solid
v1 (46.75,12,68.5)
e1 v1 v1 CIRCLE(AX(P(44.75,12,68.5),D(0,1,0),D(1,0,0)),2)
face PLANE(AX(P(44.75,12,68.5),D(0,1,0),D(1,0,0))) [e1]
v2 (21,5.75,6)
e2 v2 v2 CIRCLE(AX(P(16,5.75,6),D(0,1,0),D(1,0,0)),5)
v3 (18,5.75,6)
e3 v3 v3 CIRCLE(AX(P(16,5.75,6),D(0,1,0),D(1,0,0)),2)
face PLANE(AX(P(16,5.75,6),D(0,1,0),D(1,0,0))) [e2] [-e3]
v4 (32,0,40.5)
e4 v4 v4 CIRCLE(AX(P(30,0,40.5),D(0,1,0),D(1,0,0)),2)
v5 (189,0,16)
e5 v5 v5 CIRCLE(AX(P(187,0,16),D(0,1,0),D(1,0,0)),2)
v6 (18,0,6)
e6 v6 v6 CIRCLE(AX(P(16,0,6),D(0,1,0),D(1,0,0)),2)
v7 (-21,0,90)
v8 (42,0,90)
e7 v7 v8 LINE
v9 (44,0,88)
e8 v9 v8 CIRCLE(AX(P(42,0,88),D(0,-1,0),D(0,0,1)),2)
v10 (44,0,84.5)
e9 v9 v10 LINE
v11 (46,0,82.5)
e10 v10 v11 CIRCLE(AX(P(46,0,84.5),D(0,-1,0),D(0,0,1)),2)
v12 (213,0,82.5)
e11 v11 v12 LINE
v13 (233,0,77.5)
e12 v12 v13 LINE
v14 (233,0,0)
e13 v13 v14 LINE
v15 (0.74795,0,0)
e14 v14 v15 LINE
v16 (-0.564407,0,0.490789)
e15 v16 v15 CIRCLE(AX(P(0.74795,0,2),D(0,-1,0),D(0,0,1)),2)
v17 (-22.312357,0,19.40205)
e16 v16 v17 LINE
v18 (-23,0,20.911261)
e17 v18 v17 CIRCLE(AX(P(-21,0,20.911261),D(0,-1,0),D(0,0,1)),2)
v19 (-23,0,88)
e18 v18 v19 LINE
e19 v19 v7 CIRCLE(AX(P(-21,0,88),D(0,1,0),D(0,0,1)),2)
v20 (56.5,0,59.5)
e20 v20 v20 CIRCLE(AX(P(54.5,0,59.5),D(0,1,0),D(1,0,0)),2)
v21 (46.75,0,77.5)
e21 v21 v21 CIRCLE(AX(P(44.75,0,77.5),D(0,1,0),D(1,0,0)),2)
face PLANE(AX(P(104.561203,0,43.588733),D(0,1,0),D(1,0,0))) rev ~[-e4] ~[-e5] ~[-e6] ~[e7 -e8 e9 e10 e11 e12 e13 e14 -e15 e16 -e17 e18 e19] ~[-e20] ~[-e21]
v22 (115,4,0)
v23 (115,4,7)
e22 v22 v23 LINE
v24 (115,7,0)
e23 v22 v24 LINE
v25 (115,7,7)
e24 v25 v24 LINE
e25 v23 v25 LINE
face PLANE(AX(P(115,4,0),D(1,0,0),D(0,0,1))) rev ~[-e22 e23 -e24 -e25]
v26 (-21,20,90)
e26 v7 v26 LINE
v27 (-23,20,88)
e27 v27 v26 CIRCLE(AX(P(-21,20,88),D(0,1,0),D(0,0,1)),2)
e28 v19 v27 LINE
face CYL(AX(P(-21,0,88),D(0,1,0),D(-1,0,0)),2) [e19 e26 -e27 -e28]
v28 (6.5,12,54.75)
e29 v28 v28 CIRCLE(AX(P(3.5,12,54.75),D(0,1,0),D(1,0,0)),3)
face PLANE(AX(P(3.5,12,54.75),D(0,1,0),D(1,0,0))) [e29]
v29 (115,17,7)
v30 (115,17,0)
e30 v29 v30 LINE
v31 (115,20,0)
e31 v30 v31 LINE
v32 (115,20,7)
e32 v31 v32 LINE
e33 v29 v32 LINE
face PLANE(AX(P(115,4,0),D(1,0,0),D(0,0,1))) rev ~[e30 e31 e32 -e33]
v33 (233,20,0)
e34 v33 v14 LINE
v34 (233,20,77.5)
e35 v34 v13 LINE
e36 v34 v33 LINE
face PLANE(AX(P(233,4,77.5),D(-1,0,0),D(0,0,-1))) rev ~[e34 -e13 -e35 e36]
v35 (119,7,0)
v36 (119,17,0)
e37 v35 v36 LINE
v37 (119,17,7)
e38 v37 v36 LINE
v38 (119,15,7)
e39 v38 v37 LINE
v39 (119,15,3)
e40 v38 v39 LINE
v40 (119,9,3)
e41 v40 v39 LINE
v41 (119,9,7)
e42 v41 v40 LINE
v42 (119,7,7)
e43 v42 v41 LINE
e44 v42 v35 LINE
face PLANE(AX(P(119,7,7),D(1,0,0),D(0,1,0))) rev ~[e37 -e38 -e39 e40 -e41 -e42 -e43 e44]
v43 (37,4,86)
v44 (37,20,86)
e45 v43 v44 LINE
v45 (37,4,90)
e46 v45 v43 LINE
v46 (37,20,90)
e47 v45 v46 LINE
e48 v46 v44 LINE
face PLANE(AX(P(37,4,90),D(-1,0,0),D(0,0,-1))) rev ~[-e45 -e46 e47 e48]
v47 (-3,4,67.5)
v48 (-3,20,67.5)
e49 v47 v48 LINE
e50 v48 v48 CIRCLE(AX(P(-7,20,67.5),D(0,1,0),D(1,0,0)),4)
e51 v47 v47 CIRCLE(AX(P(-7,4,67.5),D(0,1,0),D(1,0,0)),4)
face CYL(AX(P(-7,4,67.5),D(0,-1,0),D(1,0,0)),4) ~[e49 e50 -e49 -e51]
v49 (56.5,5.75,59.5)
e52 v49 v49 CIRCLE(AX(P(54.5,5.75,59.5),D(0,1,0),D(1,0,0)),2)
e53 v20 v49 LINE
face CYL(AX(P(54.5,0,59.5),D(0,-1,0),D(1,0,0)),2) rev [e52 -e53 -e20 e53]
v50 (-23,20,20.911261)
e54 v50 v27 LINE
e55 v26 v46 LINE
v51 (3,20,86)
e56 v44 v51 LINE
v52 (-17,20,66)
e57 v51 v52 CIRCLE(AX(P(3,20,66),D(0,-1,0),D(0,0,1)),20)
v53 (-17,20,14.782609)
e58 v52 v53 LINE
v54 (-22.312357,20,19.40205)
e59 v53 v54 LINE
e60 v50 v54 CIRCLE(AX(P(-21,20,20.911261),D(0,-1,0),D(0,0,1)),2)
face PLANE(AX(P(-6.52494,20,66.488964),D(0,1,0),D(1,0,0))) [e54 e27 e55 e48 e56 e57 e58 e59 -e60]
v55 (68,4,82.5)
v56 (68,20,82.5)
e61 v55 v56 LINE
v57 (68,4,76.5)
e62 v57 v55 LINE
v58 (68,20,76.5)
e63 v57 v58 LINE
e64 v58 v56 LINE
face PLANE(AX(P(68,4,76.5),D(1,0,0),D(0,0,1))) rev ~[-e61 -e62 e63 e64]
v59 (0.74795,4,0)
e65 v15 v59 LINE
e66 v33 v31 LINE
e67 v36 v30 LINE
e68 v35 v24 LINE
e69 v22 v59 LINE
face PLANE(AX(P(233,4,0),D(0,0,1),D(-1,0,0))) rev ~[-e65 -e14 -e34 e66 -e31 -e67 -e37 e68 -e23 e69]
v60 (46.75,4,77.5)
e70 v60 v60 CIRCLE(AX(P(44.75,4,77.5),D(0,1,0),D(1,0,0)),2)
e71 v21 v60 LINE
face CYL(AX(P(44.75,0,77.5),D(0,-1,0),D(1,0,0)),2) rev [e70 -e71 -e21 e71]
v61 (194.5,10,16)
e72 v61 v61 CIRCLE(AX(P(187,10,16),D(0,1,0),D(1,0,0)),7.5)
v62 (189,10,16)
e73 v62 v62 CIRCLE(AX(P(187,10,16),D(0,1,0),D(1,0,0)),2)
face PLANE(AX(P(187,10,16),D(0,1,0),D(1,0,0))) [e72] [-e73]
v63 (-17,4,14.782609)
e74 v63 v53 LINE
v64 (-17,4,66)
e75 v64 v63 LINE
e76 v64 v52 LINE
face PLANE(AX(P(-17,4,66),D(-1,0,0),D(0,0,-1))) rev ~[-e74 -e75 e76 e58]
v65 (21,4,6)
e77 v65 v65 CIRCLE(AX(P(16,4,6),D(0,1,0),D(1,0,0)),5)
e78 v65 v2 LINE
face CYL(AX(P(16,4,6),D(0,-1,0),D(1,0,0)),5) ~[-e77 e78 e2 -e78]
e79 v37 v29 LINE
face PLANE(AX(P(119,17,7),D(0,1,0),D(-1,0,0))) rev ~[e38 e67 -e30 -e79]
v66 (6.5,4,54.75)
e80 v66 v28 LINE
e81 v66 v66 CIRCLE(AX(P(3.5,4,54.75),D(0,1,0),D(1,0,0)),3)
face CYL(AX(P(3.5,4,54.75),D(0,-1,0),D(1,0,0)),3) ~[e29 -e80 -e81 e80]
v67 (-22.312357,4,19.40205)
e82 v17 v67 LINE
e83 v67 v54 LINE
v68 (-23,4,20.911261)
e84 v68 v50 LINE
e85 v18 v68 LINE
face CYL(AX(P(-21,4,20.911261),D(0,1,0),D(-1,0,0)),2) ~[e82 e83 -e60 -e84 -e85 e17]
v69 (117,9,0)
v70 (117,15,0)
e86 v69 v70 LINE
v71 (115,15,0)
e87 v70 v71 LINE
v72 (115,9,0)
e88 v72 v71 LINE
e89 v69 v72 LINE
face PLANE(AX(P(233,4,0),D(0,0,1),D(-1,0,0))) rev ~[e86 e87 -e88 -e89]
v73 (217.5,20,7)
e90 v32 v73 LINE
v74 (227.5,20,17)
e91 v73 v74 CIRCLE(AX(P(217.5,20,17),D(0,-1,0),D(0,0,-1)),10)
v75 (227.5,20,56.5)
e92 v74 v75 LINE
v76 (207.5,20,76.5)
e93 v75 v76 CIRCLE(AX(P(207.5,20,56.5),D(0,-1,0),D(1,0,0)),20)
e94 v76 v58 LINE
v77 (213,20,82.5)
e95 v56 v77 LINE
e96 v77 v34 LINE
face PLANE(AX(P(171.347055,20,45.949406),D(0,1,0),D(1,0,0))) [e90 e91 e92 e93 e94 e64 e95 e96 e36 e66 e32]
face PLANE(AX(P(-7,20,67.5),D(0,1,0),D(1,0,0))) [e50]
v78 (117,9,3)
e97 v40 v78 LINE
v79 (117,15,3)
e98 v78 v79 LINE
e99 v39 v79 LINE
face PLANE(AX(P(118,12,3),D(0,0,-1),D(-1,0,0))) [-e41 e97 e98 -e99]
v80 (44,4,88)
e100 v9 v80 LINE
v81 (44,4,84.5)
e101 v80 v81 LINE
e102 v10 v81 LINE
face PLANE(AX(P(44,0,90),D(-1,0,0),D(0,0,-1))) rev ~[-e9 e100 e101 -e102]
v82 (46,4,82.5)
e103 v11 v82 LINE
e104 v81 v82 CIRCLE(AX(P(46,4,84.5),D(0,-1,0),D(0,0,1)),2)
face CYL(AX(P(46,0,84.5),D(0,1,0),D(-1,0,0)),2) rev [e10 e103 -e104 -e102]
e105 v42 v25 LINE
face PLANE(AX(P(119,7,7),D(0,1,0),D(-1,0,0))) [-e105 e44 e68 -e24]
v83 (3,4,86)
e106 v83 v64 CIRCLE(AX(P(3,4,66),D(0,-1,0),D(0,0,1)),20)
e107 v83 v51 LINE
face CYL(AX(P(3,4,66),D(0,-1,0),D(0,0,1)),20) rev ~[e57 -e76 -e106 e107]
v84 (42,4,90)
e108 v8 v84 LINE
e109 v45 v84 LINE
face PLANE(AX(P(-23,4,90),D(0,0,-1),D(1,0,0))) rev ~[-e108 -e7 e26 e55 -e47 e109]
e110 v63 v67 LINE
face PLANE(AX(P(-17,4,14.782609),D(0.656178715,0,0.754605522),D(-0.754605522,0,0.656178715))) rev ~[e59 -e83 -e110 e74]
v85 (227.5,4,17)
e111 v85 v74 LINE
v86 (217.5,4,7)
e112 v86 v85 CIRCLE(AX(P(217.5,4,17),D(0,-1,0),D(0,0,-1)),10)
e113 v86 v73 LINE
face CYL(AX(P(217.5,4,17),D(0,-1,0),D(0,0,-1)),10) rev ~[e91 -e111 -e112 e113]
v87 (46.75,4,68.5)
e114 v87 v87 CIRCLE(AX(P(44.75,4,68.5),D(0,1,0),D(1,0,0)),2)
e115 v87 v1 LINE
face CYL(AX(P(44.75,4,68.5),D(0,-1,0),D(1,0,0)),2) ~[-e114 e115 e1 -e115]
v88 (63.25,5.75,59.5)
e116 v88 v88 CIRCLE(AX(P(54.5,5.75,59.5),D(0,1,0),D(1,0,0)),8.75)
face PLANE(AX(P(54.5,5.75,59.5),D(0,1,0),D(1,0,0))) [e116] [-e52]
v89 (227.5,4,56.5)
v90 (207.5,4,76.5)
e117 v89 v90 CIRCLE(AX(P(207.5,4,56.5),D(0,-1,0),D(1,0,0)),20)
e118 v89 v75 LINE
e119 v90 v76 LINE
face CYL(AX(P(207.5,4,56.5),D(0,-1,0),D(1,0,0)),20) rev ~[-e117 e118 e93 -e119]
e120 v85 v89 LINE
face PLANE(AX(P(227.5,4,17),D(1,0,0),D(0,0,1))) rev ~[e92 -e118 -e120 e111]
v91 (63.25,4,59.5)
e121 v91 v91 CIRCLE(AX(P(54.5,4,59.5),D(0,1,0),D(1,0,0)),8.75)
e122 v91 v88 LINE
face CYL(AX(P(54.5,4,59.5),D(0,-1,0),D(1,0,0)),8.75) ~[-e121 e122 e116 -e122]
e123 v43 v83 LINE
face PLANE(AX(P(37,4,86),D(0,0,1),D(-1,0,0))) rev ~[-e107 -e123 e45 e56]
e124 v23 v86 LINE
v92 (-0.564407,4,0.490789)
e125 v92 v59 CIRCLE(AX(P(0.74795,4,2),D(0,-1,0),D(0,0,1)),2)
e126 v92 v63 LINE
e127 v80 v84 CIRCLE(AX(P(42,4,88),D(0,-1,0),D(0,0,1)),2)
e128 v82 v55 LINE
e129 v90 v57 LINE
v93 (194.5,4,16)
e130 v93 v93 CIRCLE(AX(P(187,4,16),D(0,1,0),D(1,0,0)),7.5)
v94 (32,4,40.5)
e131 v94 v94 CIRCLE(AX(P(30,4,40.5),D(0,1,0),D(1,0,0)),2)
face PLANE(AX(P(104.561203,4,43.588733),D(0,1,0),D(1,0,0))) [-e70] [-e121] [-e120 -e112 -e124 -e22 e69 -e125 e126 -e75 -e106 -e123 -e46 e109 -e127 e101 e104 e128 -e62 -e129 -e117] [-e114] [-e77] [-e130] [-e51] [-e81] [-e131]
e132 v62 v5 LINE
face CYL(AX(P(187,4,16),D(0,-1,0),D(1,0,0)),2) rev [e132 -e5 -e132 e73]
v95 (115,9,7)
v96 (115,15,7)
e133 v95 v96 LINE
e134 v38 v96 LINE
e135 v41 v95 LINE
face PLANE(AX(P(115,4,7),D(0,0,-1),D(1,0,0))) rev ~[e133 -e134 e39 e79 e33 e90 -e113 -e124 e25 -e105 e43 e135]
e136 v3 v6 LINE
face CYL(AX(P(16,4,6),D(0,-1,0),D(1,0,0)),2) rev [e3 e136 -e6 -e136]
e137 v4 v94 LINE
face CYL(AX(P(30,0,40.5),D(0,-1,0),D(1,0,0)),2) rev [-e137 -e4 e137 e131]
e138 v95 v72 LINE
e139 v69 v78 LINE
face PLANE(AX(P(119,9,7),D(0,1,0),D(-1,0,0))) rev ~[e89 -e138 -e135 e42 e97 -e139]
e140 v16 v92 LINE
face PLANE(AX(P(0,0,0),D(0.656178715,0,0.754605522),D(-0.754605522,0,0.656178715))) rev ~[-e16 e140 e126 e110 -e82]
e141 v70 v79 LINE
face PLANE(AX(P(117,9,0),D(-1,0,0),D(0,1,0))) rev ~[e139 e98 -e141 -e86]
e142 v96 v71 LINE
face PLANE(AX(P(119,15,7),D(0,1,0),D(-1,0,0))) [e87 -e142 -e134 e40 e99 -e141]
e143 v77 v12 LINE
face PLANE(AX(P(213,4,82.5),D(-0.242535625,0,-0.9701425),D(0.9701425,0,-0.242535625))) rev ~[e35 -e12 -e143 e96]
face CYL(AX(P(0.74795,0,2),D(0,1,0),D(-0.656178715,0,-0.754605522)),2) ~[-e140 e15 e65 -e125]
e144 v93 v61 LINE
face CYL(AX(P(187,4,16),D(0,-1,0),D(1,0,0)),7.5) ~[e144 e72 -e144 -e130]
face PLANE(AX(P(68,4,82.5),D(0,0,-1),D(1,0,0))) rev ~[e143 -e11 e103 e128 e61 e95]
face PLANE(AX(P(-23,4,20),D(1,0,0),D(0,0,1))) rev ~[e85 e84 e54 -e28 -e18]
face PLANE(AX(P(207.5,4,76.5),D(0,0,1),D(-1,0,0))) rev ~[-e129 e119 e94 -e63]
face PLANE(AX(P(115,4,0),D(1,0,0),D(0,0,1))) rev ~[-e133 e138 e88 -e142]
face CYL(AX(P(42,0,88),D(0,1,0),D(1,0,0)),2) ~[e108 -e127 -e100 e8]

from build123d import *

# Parameters (mm, degrees)
SKETCH1_R               = 2
PRIMARY_DEPTH           = 4
SKETCH3_R               = 3
SKETCH3_R_2             = 2
STOP_EXT_DEPTH          = 8
FRONT_EXT_DEPTH         = 16
CUT_EXTRUDE1_START      = -7
SKETCH5_W               = 4
SKETCH5_H               = 2
CUT_EXTRUDE1_DEPTH      = 8
SKETCH6_W               = 2
SKETCH6_H               = 6
CUT_EXTRUDE2_DEPTH      = 3
SKETCH7_R               = 7.5
SKETCH7_R_2             = 2
SWINGYBIT_PIN_EXT_DEPTH = 6
SKETCH8_R               = 5
SKETCH8_R_2             = 2
SKETCH8_R_3             = 8.75
WHEEL_PIN_EXT_DEPTH     = 1.75
BOTTOM_EXT_DEPTH        = 16
FILLET1_R               = 2
SKETCH10_R              = 4
POST_EXT_DEPTH          = 16


with BuildPart() as part:
    # Sketch1 → Primary (new body)
    with BuildSketch(Plane(origin=(0, 0, 0), x_dir=(1, 0, 0), z_dir=(0, 1, 0))):
        Polygon((0, 0), (-23, -20), (-23, -90), (44, -90), (44, -82.5), (213, -82.5), (233, -77.5), (233, 0), align=None)
        with Locations((16, -6)):
            Circle(SKETCH1_R, mode=Mode.SUBTRACT)
        with Locations((30, -40.5)):
            Circle(SKETCH1_R, mode=Mode.SUBTRACT)
        with Locations((54.5, -59.5)):
            Circle(SKETCH1_R, mode=Mode.SUBTRACT)
        with Locations((44.75, -77.5)):
            Circle(SKETCH1_R, mode=Mode.SUBTRACT)
        with Locations((187, -16)):
            Circle(SKETCH1_R, mode=Mode.SUBTRACT)
    extrude(amount=PRIMARY_DEPTH)

    # Sketch3 → Stop Ext (add)
    with BuildSketch(Plane(origin=(0, 4, 0), x_dir=(1, 0, 0), z_dir=(0, 1, 0))):
        with Locations((3.5, -54.75)):
            Circle(SKETCH3_R)
        with Locations((44.75, -68.5)):
            Circle(SKETCH3_R_2)
    extrude(amount=STOP_EXT_DEPTH)

    # Sketch4 → Front Ext (add)
    with BuildSketch(Plane(origin=(0, 4, 0), x_dir=(1, 0, 0), z_dir=(0, 1, 0))):
        with BuildLine():
            Line((233, 0), (115, 0))
            Line((115, 0), (115, -7))
            Line((115, -7), (217.5, -7))
            ThreePointArc((217.5, -7), (224.571067812, -9.928932188), (227.5, -17))
            Line((227.5, -17), (227.5, -56.5))
            ThreePointArc((227.5, -56.5), (221.642135624, -70.642135624), (207.5, -76.5))
            Line((207.5, -76.5), (68, -76.5))
            Line((68, -76.5), (68, -82.5))
            Line((68, -82.5), (213, -82.5))
            Line((213, -82.5), (233, -77.5))
            Line((233, -77.5), (233, 0))
        make_face()
    extrude(amount=FRONT_EXT_DEPTH)

    # Sketch5 → Cut-Extrude1 (cut, through all)
    with BuildSketch(Plane(origin=(0, 0, 0), x_dir=(-1, 0, 0), z_dir=(0, 0, -1)).offset(CUT_EXTRUDE1_START)):
        with Locations((-117, 8)):
            Rectangle(SKETCH5_W, SKETCH5_H)
        with Locations((-117, 16)):
            Rectangle(SKETCH5_W, SKETCH5_H)
    extrude(amount=CUT_EXTRUDE1_DEPTH, mode=Mode.SUBTRACT)

    # Sketch6 → Cut-Extrude2 (cut)
    with BuildSketch(Plane(origin=(0, 0, 0), x_dir=(-1, 0, 0), z_dir=(0, 0, -1))):
        with Locations((-118, 12)):
            Rectangle(SKETCH6_W, SKETCH6_H)
    extrude(amount=-CUT_EXTRUDE2_DEPTH, mode=Mode.SUBTRACT)

    # Sketch7 → Swingybit_Pin Ext (add)
    with BuildSketch(Plane(origin=(0, 4, 0), x_dir=(1, 0, 0), z_dir=(0, 1, 0))):
        with Locations((187, -16)):
            Circle(SKETCH7_R)
        with Locations((187, -16)):
            Circle(SKETCH7_R_2, mode=Mode.SUBTRACT)
    extrude(amount=SWINGYBIT_PIN_EXT_DEPTH)

    # Sketch8 → Wheel_Pin Ext (add)
    with BuildSketch(Plane(origin=(0, 4, 0), x_dir=(1, 0, 0), z_dir=(0, 1, 0))):
        with Locations((16, -6)):
            Circle(SKETCH8_R)
        with Locations((16, -6)):
            Circle(SKETCH8_R_2, mode=Mode.SUBTRACT)
        with Locations((54.5, -59.5)):
            Circle(SKETCH8_R_3)
        with Locations((54.5, -59.5)):
            Circle(SKETCH8_R_2, mode=Mode.SUBTRACT)
    extrude(amount=WHEEL_PIN_EXT_DEPTH)

    # Sketch9 → Bottom Ext (add)
    with BuildSketch(Plane(origin=(0, 4, 0), x_dir=(1, 0, 0), z_dir=(0, 1, 0))):
        with BuildLine():
            Line((-23, -20), (-23, -86))
            Line((-23, -86), (-23, -90))
            Line((-23, -90), (37, -90))
            Line((37, -90), (37, -86))
            Line((37, -86), (3, -86))
            ThreePointArc((3, -86), (-11.142135624, -80.142135624), (-17, -66))
            Line((-17, -66), (-17, -14.782608696))
            Line((-17, -14.782608696), (-23, -20))
        make_face()
    extrude(amount=BOTTOM_EXT_DEPTH)

    # Fillet1
    fillet1_edges = [part.edges().sort_by_distance(p)[0] for p in [
        (44, 2, 82.5),
        (0, 2, 0),
        (-23, 10, 20),
        (-23, 10, 90),
        (44, 2, 90),
    ]]
    fillet(fillet1_edges, radius=FILLET1_R)

    # Sketch10 → Post Ext (add)
    with BuildSketch(Plane(origin=(0, 4, 0), x_dir=(1, 0, 0), z_dir=(0, 1, 0))):
        with Locations((-7, -67.5)):
            Circle(SKETCH10_R)
    extrude(amount=POST_EXT_DEPTH)


solid = part.part
